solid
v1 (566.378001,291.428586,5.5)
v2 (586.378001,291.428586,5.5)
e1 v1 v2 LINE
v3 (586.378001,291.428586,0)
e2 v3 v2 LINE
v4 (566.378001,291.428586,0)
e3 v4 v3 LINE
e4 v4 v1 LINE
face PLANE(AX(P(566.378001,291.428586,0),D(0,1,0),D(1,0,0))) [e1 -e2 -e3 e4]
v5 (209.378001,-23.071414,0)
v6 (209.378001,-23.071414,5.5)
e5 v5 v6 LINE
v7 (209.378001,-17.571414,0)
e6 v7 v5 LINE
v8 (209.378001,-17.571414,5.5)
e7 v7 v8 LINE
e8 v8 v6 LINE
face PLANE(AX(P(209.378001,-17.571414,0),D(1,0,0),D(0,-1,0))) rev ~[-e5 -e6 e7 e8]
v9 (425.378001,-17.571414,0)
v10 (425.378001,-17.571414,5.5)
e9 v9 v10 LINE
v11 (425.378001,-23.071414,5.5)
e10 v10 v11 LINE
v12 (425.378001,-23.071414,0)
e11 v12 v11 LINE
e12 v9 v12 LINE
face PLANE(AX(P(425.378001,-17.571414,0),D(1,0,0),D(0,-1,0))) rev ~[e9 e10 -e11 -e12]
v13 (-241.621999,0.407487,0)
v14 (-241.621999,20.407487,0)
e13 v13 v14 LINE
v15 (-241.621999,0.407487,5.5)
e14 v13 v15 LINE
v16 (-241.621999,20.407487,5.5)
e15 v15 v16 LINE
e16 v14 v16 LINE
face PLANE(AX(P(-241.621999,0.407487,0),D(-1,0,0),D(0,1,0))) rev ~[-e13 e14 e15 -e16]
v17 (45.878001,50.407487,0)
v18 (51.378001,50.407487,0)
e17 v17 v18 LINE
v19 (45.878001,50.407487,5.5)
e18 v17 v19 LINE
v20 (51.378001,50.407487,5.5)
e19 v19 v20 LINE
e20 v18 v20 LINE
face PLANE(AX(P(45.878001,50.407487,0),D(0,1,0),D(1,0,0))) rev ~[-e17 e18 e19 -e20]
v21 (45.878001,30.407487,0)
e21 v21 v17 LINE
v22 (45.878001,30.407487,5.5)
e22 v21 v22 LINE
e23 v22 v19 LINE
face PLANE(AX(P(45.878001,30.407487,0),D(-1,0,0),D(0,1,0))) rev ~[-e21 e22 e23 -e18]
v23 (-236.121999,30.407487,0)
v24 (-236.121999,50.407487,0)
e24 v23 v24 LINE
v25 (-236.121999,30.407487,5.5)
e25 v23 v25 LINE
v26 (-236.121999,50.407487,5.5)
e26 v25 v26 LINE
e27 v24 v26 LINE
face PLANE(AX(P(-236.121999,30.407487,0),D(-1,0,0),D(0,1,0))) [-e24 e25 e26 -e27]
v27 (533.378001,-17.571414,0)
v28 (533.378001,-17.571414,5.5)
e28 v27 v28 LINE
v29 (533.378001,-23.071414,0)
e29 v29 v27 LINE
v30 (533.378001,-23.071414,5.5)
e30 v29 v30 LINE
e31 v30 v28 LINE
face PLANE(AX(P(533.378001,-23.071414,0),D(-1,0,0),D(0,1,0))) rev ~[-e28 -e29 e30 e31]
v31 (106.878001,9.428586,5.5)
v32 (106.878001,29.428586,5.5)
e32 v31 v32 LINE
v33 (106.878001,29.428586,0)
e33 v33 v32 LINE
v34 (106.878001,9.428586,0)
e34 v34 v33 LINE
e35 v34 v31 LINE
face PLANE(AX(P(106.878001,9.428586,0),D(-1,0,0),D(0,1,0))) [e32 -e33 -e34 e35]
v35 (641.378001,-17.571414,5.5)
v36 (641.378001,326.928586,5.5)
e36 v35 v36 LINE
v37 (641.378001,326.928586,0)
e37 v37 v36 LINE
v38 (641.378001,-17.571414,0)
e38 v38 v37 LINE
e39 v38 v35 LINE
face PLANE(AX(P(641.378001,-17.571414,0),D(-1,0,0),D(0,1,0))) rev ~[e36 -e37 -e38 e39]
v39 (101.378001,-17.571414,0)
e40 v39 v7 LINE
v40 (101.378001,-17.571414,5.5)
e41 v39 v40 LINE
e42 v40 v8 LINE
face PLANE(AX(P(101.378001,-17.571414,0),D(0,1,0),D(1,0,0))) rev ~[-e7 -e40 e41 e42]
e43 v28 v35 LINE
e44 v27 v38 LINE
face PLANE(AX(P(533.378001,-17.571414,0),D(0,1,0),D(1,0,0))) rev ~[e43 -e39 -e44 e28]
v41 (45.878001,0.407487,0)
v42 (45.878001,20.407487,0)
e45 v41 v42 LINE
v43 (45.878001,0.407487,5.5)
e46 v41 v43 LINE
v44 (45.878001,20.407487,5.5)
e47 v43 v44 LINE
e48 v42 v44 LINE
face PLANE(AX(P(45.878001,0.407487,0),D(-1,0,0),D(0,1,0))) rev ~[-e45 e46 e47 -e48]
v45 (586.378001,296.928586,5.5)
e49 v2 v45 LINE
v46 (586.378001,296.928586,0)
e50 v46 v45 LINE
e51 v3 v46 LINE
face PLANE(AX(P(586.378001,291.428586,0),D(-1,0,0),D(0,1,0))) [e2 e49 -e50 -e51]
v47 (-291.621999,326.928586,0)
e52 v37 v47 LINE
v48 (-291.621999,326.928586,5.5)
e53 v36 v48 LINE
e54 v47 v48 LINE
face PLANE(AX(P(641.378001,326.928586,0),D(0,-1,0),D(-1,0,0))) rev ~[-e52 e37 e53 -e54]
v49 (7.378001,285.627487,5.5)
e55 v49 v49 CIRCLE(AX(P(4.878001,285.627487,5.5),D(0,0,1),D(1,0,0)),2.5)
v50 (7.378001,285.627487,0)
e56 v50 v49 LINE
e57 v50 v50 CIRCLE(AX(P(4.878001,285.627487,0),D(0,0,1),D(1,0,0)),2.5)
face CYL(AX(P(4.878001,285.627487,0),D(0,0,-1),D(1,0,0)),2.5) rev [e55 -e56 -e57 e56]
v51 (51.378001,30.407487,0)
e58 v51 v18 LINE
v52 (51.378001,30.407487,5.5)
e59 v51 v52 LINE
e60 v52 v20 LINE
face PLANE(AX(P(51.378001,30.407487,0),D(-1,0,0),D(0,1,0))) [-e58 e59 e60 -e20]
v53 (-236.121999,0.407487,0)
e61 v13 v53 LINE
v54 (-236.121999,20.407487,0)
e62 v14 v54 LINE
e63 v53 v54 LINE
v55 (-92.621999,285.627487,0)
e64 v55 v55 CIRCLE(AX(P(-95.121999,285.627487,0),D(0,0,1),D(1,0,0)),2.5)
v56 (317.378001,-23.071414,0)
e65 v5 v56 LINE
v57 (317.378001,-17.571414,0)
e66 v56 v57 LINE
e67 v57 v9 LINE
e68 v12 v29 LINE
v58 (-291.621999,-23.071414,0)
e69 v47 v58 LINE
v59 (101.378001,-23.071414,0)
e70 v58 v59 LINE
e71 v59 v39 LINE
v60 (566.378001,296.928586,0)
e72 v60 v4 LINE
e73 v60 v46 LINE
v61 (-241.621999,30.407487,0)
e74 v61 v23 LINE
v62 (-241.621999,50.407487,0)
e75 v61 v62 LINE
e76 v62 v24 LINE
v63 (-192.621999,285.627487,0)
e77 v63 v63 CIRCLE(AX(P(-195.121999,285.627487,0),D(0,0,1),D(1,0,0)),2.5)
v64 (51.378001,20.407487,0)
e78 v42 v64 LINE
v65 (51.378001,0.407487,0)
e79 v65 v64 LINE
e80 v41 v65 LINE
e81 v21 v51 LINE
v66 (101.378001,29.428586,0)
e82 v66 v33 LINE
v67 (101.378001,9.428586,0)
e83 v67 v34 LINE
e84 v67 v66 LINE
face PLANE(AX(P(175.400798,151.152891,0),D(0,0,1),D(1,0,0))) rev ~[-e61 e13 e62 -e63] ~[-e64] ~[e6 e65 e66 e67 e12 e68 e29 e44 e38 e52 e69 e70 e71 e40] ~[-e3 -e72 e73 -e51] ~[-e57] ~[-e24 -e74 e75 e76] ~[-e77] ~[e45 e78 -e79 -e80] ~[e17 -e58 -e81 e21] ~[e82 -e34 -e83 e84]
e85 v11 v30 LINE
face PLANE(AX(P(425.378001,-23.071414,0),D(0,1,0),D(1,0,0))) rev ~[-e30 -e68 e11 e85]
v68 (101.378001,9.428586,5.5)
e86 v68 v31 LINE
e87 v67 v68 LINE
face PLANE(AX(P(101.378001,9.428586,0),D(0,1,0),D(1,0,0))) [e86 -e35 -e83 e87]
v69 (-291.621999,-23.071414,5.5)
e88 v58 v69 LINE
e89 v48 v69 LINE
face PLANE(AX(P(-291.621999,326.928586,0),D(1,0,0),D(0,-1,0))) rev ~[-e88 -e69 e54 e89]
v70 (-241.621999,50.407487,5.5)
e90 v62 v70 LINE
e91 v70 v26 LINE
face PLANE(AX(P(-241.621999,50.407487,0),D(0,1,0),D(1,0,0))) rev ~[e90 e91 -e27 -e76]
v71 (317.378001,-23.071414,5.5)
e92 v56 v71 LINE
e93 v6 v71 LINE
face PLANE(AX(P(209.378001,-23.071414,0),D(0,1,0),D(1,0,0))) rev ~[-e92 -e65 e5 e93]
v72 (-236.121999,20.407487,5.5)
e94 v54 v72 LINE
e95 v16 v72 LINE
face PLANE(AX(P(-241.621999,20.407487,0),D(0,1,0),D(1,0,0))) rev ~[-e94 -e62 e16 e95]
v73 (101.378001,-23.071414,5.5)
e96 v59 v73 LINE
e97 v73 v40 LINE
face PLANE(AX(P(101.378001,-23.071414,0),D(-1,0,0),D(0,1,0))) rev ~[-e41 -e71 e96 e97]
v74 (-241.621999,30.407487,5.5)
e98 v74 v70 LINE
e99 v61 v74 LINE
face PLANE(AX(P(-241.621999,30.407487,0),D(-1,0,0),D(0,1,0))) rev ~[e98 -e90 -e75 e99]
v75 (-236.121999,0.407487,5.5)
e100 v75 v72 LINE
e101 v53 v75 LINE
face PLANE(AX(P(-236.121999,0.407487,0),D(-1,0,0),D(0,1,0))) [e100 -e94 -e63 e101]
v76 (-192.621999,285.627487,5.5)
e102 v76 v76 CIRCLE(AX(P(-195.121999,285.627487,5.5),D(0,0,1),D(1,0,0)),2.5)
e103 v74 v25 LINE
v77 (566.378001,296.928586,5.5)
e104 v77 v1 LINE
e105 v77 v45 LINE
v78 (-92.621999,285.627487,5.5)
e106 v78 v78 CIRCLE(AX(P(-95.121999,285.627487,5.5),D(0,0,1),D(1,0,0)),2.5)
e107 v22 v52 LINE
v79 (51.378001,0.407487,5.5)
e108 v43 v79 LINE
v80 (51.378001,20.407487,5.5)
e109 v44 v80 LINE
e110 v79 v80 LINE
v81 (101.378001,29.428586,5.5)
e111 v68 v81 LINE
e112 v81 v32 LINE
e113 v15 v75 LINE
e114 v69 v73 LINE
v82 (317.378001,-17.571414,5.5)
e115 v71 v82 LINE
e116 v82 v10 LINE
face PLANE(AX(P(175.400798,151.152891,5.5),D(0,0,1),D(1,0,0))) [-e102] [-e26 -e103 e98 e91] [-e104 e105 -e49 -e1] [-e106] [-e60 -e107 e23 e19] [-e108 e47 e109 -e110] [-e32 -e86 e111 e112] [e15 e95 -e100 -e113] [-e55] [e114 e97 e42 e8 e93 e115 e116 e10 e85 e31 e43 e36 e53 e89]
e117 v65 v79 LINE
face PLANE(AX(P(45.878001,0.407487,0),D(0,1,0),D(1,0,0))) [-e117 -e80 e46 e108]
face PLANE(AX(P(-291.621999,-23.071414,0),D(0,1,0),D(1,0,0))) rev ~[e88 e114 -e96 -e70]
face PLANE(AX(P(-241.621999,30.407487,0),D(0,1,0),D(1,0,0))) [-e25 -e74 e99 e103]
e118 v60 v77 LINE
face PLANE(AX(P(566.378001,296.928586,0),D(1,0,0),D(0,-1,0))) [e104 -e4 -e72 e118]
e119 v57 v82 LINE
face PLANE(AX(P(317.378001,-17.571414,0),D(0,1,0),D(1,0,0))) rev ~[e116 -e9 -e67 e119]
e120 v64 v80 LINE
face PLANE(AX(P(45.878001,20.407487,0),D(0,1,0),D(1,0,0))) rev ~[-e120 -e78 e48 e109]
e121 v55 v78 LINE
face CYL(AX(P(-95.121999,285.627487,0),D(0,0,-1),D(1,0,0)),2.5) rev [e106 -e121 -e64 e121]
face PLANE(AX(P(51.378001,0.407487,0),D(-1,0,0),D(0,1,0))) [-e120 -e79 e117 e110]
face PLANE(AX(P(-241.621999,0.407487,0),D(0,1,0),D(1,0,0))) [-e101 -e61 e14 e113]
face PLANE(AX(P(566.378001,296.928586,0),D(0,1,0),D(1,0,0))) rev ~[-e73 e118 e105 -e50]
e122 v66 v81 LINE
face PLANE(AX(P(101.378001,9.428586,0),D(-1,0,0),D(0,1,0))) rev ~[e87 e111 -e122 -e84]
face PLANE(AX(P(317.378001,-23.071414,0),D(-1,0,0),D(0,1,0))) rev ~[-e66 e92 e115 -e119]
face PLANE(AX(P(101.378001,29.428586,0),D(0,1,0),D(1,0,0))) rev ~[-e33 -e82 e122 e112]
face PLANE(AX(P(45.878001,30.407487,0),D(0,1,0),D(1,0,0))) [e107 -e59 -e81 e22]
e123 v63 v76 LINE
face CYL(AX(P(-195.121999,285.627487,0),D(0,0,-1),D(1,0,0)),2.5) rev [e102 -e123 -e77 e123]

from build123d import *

# Parameters (mm, degrees)
CROQUIS1_R              = 2.5
CROQUIS1_W              = 5.5
CROQUIS1_H              = 20
SALIENTE_EXTRUIR2_DEPTH = 5.5


with BuildPart() as part:
    # Croquis1 → Saliente-Extruir2 (new body)
    with BuildSketch(Plane.XY):
        Polygon((-291.621999317, -23.071413697), (101.378000683, -23.071413697), (101.378000683, -17.571413697), (209.378000683, -17.571413697), (209.378000683, -23.071413697), (317.378000683, -23.071413697), (317.378000683, -17.571413697), (425.378000683, -17.571413697), (425.378000683, -23.071413697), (533.378000683, -23.071413697), (533.378000683, -17.571413697), (641.378000683, -17.571413697), (641.378000683, 326.928586303), (-291.621999317, 326.928586303), align=None)
        with Locations((-195.121999317, 285.627487196)):
            Circle(CROQUIS1_R, mode=Mode.SUBTRACT)
        with Locations((-95.121999317, 285.627487196)):
            Circle(CROQUIS1_R, mode=Mode.SUBTRACT)
        with Locations((4.878000683, 285.627487196)):
            Circle(CROQUIS1_R, mode=Mode.SUBTRACT)
        with Locations((-238.871999317, 10.407487196)):
            Rectangle(CROQUIS1_W, CROQUIS1_H, mode=Mode.SUBTRACT)
        with Locations((48.628000683, 10.407487196)):
            Rectangle(CROQUIS1_W, CROQUIS1_H, mode=Mode.SUBTRACT)
        with Locations((-238.871999317, 40.407487196)):
            Rectangle(CROQUIS1_W, CROQUIS1_H, mode=Mode.SUBTRACT)
        with Locations((48.628000683, 40.407487196)):
            Rectangle(CROQUIS1_W, CROQUIS1_H, mode=Mode.SUBTRACT)
        Polygon((576.378000683, 296.928586303), (566.378000683, 296.928586303), (566.378000683, 291.428586303), (586.378000683, 291.428586303), (586.378000683, 296.928586303), align=None, mode=Mode.SUBTRACT)
        with Locations((104.128000683, 19.428586303)):
            Rectangle(CROQUIS1_W, CROQUIS1_H, mode=Mode.SUBTRACT)
    extrude(amount=SALIENTE_EXTRUIR2_DEPTH)


solid = part.part
